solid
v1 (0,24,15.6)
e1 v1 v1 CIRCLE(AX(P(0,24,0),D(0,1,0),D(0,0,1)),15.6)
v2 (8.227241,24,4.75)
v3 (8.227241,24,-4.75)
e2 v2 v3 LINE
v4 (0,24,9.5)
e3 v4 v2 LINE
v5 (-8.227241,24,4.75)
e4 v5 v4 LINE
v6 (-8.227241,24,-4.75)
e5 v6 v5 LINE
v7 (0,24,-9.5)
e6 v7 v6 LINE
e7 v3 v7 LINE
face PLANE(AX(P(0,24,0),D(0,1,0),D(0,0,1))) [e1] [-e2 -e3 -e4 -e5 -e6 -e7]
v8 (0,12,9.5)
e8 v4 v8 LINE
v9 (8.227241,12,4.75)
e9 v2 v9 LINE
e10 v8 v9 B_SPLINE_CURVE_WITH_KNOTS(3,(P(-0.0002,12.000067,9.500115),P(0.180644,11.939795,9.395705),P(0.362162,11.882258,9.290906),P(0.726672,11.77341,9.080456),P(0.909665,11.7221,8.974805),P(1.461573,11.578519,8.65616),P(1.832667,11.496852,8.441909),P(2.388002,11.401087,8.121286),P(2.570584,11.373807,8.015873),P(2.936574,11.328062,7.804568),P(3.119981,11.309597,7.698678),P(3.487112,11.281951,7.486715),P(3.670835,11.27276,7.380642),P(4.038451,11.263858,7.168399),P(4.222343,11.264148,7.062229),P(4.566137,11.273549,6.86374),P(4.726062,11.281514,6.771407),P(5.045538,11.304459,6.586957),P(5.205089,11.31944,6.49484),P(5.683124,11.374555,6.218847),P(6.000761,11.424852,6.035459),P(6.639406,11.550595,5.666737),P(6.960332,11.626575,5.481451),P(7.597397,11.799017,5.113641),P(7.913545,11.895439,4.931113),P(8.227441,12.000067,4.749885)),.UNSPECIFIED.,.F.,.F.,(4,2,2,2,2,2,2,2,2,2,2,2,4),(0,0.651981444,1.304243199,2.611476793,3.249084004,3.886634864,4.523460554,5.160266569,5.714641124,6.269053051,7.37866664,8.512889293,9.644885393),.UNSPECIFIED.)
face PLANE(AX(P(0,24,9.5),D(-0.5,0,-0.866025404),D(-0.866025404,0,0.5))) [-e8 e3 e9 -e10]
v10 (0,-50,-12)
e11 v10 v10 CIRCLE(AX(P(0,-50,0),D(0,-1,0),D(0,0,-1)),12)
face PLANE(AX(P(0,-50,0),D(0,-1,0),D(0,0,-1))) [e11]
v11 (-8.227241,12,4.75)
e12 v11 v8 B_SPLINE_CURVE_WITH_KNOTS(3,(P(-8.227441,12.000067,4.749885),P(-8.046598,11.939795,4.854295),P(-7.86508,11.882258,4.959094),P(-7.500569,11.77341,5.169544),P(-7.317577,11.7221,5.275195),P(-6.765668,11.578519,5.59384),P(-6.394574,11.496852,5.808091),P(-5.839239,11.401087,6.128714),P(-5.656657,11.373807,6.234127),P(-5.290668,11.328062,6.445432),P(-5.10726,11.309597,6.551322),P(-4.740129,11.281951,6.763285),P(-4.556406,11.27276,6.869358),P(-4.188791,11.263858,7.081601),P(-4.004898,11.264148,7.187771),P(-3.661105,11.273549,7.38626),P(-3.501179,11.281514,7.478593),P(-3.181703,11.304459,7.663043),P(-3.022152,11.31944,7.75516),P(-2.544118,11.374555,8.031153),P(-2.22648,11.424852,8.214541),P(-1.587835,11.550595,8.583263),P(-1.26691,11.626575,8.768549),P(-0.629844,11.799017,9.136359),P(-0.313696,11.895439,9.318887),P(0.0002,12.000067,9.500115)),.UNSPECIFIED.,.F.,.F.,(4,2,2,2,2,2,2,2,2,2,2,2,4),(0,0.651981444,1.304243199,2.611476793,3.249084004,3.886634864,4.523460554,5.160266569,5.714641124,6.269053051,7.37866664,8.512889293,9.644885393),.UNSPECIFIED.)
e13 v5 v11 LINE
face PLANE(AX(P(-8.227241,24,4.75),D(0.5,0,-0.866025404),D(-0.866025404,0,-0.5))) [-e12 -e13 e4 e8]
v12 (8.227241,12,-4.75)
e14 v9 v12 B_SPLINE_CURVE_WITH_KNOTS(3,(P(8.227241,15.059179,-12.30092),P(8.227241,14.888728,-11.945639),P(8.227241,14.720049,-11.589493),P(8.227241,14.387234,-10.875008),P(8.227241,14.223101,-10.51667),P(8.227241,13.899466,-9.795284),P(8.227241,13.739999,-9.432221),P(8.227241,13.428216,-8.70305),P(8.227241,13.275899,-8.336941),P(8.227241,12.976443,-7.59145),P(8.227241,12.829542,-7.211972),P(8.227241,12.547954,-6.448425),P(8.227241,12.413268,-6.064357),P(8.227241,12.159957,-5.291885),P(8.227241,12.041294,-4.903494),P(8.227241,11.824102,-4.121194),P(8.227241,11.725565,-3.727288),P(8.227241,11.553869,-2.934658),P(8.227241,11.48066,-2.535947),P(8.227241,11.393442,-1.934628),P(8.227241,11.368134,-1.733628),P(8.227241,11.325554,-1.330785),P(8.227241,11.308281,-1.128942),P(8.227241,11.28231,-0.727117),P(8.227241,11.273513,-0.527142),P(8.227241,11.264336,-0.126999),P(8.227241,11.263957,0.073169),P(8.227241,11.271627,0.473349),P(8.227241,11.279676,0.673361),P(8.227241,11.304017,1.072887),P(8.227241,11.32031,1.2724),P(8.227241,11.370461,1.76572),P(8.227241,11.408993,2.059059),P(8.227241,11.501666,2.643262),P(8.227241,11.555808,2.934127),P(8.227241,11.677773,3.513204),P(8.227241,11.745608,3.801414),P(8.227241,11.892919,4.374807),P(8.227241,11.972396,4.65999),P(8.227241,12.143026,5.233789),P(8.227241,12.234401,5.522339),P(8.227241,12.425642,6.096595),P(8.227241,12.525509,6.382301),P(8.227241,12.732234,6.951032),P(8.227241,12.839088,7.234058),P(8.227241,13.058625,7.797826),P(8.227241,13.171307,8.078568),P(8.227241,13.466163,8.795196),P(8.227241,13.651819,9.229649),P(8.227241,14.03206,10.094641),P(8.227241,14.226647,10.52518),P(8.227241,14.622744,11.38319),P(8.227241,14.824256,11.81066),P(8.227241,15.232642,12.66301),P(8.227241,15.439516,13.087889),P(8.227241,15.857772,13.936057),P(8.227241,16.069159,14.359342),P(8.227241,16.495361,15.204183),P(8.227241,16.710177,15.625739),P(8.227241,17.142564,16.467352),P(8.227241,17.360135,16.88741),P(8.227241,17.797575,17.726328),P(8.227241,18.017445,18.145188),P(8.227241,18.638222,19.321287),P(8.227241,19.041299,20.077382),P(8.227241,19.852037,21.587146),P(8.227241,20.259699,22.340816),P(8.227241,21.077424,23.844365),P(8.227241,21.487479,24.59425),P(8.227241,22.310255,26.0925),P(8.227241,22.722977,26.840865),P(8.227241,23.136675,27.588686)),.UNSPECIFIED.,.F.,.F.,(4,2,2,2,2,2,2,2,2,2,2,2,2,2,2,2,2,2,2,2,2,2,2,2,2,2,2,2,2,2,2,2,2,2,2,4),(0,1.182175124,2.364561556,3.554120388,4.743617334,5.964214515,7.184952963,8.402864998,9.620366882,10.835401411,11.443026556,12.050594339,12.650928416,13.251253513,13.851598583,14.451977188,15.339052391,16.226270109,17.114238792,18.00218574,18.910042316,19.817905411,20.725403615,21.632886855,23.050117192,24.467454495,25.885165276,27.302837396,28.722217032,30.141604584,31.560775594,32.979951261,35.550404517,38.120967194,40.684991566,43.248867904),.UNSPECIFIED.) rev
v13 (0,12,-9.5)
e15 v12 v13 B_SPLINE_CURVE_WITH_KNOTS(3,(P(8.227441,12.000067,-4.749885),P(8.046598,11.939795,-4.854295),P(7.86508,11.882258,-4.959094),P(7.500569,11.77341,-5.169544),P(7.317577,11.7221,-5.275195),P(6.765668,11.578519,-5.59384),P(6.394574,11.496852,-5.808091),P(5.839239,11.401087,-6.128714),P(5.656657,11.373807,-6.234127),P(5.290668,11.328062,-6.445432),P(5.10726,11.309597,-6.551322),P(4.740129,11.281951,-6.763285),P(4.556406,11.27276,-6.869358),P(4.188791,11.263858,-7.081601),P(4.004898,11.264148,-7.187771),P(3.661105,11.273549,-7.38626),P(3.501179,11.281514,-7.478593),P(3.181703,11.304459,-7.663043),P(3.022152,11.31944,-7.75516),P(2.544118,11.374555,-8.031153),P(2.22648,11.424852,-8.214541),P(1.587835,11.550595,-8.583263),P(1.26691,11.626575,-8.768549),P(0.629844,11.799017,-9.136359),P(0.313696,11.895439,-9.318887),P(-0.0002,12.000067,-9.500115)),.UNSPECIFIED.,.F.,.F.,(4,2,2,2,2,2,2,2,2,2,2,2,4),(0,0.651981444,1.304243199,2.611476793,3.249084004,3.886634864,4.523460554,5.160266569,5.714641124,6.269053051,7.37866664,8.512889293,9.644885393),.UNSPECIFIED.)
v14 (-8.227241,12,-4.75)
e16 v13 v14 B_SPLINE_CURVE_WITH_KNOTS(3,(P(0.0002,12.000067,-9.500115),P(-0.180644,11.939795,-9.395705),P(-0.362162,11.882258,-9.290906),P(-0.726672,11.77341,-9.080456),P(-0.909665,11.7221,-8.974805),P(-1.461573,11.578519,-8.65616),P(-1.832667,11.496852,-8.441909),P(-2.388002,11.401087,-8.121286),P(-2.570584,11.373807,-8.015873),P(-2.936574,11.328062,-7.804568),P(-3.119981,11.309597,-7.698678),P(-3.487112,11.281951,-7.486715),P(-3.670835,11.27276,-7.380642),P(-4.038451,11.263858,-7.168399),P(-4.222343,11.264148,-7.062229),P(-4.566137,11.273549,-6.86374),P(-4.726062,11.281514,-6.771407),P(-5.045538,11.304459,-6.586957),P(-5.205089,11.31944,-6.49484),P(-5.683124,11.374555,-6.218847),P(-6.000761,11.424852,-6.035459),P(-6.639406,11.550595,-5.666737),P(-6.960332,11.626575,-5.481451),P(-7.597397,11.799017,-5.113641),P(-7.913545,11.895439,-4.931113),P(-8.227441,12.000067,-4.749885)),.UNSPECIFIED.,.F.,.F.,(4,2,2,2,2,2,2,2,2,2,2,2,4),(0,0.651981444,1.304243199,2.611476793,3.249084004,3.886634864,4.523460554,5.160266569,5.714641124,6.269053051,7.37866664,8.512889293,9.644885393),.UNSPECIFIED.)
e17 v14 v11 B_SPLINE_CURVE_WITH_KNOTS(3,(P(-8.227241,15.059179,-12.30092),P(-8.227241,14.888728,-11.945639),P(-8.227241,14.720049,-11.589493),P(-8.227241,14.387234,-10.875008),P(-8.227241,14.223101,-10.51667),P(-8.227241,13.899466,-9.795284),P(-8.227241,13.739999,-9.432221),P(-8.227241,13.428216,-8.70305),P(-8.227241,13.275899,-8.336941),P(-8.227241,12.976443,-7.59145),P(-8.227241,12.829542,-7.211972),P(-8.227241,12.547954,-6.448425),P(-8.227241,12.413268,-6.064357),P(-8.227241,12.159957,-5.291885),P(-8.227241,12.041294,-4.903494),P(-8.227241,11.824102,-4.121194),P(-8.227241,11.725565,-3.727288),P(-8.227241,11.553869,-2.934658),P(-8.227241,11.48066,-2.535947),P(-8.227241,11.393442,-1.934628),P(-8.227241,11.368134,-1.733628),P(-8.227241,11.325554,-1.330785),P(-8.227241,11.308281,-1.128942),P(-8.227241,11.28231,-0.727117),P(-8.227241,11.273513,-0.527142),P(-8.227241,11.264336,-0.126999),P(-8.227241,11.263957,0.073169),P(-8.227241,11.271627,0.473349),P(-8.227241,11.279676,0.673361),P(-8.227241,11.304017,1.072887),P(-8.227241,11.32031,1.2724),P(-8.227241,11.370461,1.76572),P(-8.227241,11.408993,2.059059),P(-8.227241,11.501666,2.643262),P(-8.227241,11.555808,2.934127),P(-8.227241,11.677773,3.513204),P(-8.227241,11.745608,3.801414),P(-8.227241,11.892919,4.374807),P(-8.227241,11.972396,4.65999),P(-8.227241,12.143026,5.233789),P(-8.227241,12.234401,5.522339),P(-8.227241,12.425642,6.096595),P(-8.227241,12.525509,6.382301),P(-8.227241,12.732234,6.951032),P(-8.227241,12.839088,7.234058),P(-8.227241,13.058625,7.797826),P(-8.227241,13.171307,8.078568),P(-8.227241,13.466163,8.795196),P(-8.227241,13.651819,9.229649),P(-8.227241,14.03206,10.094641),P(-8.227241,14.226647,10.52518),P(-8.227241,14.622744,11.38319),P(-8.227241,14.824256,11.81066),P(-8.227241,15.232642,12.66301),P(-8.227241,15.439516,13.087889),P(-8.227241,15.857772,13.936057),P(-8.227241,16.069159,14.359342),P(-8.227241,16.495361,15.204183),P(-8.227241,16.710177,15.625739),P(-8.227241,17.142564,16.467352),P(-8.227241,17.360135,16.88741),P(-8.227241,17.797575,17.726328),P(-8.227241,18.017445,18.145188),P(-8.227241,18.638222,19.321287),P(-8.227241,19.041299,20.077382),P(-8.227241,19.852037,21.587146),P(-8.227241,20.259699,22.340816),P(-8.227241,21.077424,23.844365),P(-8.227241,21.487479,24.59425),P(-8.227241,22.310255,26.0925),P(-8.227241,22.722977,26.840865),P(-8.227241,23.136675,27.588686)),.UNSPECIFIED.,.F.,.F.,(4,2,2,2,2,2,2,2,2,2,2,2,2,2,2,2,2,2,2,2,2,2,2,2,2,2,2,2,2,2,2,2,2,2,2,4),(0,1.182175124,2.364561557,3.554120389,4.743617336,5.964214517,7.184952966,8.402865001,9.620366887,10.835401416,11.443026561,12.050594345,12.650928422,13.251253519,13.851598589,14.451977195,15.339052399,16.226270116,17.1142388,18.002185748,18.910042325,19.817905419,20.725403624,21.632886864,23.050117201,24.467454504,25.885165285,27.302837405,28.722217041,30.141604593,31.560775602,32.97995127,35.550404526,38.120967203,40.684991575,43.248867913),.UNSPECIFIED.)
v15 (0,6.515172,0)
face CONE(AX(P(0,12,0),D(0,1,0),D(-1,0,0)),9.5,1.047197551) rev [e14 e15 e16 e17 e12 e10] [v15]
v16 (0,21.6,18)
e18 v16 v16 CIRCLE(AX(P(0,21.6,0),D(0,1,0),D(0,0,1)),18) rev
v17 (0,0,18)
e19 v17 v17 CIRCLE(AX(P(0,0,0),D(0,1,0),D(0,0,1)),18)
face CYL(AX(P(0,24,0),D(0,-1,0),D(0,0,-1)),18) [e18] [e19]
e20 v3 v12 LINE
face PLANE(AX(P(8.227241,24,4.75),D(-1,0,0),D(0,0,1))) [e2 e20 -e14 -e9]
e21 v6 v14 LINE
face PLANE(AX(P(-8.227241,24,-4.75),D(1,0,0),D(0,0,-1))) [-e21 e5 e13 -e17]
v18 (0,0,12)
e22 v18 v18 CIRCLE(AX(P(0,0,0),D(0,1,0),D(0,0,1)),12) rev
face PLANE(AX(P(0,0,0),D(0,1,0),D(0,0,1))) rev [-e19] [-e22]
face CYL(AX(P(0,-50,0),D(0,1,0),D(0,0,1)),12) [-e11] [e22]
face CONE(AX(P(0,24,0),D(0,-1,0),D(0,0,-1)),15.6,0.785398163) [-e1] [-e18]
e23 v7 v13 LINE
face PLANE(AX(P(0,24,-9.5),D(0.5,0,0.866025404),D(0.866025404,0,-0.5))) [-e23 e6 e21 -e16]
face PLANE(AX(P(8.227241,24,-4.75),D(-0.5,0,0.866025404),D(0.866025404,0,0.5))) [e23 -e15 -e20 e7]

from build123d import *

# Parameters (mm, degrees)
CROQUIS4_R               = 18
SALIENTE_EXTRUIR3_DEPTH  = 24
CHAFL_N2_SIZE            = 2.4
CROQUIS6_18_R            = 12
SALIENTE_EXTRUIR20_DEPTH = 50


with BuildPart() as part:
    # Croquis4 → Saliente-Extruir3 (new body)
    with BuildSketch(Plane(origin=(0, 0, 0), x_dir=(1, 0, 0), z_dir=(0, 1, 0))):
        Circle(CROQUIS4_R)
        Polygon((0, 9.5), (-8.227241336, 4.75), (-8.227241336, -4.75), (0, -9.5), (8.227241336, -4.75), (8.227241336, 4.75), align=None, mode=Mode.SUBTRACT)
    extrude(amount=SALIENTE_EXTRUIR3_DEPTH)

    # Chaflán2
    chafl_n2_edges = [part.edges().sort_by_distance(p)[0] for p in [
        (-18, 24, 0),
    ]]
    chamfer(chafl_n2_edges, length=CHAFL_N2_SIZE)

    # Croquis5 → Revolución2 (revolve)
    with BuildSketch(Plane.XY):
        Polygon((0, 0), (0, 6.515172443), (9.5, 12), (18, 12), (18, 0), align=None)
    revolve(axis=Axis((0, 0, 0), (0, 1, 0)))

    # Croquis6<18> → Saliente-Extruir20 (add)
    with BuildSketch(Plane.XZ):
        Circle(CROQUIS6_18_R)
    extrude(amount=SALIENTE_EXTRUIR20_DEPTH)


solid = part.part
